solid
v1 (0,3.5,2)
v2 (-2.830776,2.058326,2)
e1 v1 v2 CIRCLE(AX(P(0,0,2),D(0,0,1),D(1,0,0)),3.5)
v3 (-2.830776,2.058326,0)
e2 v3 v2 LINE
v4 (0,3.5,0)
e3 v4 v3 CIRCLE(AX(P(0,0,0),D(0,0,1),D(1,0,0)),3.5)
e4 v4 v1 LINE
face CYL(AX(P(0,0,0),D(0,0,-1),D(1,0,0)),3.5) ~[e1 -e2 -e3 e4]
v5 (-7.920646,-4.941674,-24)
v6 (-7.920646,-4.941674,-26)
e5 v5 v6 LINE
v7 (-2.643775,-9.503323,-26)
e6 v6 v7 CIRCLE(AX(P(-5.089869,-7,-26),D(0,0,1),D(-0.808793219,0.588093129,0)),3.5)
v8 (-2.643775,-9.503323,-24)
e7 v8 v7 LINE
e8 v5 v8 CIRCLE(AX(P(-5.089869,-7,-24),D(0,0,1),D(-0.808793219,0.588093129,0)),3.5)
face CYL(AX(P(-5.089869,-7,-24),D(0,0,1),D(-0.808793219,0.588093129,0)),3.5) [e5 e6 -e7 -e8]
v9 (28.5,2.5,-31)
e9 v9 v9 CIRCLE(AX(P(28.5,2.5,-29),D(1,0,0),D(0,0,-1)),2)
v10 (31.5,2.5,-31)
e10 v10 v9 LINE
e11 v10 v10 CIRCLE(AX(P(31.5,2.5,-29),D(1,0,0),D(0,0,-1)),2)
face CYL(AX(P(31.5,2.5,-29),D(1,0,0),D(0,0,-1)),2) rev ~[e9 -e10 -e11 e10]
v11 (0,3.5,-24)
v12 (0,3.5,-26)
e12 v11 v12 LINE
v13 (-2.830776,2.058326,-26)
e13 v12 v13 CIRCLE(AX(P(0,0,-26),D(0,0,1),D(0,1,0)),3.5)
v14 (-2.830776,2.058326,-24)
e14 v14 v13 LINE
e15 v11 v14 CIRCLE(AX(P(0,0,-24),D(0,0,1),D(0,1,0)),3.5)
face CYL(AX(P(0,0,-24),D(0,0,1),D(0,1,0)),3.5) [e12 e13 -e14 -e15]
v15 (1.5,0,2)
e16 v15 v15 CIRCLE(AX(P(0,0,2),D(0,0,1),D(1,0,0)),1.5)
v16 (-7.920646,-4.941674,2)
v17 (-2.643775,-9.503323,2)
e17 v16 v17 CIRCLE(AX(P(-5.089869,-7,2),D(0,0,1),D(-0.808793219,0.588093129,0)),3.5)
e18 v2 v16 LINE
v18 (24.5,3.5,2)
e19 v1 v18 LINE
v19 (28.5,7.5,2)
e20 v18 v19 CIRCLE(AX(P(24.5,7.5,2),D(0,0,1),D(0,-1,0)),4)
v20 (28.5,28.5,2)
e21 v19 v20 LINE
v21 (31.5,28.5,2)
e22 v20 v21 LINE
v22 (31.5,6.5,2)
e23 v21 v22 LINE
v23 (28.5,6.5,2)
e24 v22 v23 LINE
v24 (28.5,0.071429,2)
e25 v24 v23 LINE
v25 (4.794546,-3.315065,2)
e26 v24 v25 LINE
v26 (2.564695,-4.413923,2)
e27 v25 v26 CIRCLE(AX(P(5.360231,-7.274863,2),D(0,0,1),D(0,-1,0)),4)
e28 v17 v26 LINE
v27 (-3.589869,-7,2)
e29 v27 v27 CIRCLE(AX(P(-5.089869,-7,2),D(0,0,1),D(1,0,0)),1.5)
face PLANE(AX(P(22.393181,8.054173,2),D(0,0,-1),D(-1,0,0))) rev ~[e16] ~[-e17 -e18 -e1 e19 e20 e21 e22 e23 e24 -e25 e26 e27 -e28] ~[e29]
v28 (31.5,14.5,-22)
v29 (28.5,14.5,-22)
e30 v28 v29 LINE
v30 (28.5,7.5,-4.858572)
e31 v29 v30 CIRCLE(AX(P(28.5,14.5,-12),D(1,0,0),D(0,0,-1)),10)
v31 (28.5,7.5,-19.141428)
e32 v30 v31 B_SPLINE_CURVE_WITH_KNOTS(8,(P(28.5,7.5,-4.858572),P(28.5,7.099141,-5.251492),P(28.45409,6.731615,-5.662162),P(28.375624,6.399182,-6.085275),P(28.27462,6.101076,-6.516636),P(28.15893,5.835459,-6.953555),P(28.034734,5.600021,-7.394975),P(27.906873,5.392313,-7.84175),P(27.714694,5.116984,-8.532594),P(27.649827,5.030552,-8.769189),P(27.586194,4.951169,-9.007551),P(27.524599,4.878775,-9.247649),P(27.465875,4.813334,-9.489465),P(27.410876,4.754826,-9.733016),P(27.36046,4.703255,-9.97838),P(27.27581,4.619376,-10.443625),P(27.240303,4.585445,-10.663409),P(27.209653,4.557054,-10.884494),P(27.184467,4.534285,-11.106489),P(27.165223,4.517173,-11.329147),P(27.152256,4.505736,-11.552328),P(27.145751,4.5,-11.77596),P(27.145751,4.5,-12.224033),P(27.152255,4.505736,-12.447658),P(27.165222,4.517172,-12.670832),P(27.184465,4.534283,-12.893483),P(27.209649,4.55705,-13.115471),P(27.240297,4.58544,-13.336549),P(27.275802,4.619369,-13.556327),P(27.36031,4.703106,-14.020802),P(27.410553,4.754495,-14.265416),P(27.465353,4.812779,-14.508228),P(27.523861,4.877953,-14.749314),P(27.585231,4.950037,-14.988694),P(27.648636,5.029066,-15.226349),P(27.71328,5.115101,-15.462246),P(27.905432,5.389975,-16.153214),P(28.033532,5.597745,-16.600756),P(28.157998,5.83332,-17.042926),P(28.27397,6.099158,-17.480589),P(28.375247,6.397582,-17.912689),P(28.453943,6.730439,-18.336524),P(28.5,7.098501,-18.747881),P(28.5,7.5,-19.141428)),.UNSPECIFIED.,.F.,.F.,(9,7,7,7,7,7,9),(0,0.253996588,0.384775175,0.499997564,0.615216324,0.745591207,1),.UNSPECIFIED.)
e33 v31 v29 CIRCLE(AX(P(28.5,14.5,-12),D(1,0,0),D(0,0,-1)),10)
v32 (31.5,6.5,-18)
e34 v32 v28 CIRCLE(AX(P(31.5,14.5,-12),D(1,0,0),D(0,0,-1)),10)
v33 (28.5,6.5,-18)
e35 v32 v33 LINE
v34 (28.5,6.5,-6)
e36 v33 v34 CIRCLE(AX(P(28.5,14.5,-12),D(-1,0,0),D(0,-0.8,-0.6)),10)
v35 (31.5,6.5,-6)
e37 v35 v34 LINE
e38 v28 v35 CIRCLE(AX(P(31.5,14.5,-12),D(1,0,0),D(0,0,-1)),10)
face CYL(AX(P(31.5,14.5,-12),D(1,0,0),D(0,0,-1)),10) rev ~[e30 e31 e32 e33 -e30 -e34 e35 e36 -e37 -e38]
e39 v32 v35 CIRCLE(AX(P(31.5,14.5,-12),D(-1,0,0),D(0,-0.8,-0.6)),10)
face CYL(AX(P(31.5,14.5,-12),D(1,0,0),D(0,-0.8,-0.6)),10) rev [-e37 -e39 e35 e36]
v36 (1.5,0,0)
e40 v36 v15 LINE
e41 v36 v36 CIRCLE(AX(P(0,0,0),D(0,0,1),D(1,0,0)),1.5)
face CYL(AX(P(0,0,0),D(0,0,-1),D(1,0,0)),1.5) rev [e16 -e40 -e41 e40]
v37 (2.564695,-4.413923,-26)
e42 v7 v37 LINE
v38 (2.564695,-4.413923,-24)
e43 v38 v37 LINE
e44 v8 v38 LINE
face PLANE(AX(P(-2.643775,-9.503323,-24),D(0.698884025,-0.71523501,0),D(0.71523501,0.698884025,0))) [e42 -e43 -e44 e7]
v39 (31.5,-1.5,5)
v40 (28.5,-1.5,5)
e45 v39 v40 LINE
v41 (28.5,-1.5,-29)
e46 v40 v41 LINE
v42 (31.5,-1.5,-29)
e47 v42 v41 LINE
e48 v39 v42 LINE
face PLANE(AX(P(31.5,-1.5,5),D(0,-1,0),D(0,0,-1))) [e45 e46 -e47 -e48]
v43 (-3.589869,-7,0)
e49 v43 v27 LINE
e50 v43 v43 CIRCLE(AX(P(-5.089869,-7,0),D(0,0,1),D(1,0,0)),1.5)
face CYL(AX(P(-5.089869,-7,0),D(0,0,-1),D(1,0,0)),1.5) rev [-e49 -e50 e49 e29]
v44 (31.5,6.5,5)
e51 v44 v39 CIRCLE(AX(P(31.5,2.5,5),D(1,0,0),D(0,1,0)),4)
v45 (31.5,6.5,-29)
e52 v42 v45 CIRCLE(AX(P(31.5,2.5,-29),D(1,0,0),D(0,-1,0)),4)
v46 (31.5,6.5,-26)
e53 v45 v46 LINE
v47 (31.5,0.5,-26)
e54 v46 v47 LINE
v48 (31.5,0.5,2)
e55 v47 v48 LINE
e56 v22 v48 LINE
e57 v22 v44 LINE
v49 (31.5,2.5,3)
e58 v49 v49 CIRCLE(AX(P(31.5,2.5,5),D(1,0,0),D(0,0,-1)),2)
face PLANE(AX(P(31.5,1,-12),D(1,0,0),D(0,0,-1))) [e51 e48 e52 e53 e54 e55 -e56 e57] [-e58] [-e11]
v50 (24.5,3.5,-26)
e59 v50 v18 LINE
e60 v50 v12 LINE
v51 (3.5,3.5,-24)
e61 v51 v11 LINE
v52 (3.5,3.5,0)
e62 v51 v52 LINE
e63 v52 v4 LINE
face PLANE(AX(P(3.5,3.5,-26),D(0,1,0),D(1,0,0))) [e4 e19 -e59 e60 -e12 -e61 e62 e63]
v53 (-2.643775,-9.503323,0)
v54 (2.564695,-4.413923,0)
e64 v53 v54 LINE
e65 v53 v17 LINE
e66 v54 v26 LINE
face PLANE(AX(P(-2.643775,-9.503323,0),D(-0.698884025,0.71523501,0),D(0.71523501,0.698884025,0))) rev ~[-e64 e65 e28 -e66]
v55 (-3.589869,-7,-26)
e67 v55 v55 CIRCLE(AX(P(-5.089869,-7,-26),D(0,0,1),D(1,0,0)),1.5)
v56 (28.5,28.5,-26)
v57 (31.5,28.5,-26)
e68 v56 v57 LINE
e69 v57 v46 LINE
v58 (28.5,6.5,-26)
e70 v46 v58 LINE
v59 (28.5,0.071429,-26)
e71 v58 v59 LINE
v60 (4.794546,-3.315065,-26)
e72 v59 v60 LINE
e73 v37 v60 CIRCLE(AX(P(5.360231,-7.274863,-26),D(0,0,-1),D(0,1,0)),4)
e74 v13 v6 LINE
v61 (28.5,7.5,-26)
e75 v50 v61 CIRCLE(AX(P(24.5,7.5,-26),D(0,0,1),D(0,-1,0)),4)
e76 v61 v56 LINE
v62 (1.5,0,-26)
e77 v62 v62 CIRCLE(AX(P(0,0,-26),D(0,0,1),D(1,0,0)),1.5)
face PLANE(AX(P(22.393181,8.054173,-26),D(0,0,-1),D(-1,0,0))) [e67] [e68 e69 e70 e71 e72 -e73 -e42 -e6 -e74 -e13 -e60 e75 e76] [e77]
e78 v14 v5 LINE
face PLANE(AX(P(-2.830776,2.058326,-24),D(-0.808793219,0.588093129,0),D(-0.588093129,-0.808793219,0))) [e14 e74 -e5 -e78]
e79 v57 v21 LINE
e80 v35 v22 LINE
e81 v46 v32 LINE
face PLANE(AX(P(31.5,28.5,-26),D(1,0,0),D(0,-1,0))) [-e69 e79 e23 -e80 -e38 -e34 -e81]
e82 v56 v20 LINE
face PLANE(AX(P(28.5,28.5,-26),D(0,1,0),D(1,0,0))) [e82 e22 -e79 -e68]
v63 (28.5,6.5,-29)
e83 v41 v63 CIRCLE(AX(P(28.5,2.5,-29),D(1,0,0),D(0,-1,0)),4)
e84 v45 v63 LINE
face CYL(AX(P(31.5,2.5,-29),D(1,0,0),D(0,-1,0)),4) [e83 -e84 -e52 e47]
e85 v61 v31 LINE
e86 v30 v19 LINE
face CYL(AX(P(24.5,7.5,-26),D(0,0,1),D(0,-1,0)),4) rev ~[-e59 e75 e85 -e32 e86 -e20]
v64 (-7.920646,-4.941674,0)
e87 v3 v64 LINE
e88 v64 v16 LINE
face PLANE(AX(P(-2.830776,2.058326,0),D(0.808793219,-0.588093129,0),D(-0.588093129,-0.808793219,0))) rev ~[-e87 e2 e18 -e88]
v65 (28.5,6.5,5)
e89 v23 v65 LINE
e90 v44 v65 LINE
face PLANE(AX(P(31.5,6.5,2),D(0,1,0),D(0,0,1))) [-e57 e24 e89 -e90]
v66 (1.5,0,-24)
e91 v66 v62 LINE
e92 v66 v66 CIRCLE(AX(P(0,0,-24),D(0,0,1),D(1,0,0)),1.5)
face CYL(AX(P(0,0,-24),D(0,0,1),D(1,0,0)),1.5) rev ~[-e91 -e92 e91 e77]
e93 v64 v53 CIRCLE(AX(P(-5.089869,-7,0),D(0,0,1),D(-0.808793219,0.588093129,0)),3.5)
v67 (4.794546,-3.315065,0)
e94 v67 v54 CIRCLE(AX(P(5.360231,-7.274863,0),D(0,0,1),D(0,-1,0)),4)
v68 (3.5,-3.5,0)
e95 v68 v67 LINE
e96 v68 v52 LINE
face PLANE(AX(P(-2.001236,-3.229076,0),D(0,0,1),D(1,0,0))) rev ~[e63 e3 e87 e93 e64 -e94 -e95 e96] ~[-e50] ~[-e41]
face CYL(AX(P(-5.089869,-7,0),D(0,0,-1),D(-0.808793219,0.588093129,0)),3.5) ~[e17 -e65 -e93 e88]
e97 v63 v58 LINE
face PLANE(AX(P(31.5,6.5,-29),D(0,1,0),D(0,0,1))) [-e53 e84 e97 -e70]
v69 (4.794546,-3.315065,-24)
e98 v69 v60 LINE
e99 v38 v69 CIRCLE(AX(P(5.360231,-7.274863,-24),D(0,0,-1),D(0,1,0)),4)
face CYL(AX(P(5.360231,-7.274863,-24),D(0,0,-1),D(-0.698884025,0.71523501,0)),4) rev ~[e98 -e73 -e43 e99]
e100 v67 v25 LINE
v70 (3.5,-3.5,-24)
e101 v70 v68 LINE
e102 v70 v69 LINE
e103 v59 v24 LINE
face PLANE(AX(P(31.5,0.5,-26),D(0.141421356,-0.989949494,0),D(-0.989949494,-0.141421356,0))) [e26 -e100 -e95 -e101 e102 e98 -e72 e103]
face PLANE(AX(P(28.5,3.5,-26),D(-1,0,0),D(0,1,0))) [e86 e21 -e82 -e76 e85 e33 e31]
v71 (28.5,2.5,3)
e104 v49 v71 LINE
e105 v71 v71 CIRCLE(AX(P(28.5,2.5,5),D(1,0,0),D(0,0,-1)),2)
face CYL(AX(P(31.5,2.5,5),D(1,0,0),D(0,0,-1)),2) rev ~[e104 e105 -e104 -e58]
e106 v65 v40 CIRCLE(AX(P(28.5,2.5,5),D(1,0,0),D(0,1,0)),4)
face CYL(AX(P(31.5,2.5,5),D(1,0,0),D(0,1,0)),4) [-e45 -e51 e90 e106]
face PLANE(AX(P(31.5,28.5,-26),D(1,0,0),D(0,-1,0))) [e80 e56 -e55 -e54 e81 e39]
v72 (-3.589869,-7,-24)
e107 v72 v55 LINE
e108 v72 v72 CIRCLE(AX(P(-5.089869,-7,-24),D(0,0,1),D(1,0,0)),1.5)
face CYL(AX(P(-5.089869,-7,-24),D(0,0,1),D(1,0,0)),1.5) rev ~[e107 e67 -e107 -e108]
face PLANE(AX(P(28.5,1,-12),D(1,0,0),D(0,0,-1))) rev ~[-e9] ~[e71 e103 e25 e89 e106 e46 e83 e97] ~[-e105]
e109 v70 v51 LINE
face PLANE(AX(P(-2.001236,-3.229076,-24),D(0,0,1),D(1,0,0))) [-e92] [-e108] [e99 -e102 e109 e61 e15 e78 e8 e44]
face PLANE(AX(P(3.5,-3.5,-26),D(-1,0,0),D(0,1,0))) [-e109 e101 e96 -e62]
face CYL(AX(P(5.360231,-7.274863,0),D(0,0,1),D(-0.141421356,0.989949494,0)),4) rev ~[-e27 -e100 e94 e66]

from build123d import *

# Parameters (mm, degrees)
SKETCH2_R           = 3.5
SKETCH2_R_2         = 1.5
BOSS_EXTRUDE1_DEPTH = 2
BOSS_EXTRUDE2_START = -2
BOSS_EXTRUDE2_DEPTH = 2
BOSS_EXTRUDE3_START = -2
SKETCH4_R           = 1.5
BOSS_EXTRUDE3_DEPTH = 2
BOSS_EXTRUDE4_START = -26
SKETCH4_2_R         = 1.5
BOSS_EXTRUDE4_DEPTH = 2
BOSS_EXTRUDE5_START = -28
BOSS_EXTRUDE5_DEPTH = 28
FILLET1_R           = 4
CUT_EXTRUDE1_REACH  = 57.637
SKETCH6_R           = 10
SKETCH7_R           = 2
BOSS_EXTRUDE6_DEPTH = 3


with BuildPart() as part:
    # Sketch2 → Boss-Extrude1 (new body)
    with BuildSketch(Plane.XY):
        Circle(SKETCH2_R)
        Circle(SKETCH2_R_2, mode=Mode.SUBTRACT)
    extrude(amount=BOSS_EXTRUDE1_DEPTH)

    # Sketch3 → Boss-Extrude2 (add)
    with BuildSketch(Plane.XY.offset(2).offset(BOSS_EXTRUDE2_START)):
        with BuildLine():
            Line((3.5, 3.5), (0, 3.5))
            ThreePointArc((0, 3.5), (2.474873734, 2.474873734), (3.5, 0))
            Line((3.5, 0), (3.5, 3.5))
        make_face()
        with BuildLine():
            Line((3.5, -3.5), (3.5, 0))
            ThreePointArc((3.5, 0), (2.474873734, -2.474873734), (0, -3.5))
            Line((0, -3.5), (3.5, -3.5))
        make_face()
    extrude(amount=BOSS_EXTRUDE2_DEPTH)

    # Sketch4 → Boss-Extrude3 (add)
    with BuildSketch(Plane.XY.offset(2).offset(BOSS_EXTRUDE3_START)):
        with BuildLine():
            Line((-2.830776268, 2.058325952), (-7.920645724, -4.941674048))
            ThreePointArc((-7.920645724, -4.941674048), (-7.37878936, -9.647800157), (-2.64377537, -9.503322537))
            Line((-2.64377537, -9.503322537), (3.5, -3.5))
            Line((3.5, -3.5), (3.5, 3.5))
            Line((3.5, 3.5), (0, 3.5))
            ThreePointArc((0, 3.5), (-1.588373251, 3.118825166), (-2.830776268, 2.058325952))
        make_face()
        with Locations((-5.089869456, -7)):
            Circle(SKETCH4_R, mode=Mode.SUBTRACT)
        Circle(SKETCH4_R, mode=Mode.SUBTRACT)
    extrude(amount=BOSS_EXTRUDE3_DEPTH)



with BuildPart() as body_2:
    # Sketch4<2> → Boss-Extrude4 (new body)
    with BuildSketch(Plane.XY.offset(2).offset(BOSS_EXTRUDE4_START)):
        with BuildLine():
            Line((-2.830776268, 2.058325952), (-7.920645724, -4.941674048))
            ThreePointArc((-7.920645724, -4.941674048), (-7.37878936, -9.647800157), (-2.64377537, -9.503322537))
            Line((-2.64377537, -9.503322537), (3.5, -3.5))
            Line((3.5, -3.5), (3.5, 3.5))
            Line((3.5, 3.5), (0, 3.5))
            ThreePointArc((0, 3.5), (-1.588373251, 3.118825166), (-2.830776268, 2.058325952))
        make_face()
        with Locations((-5.089869456, -7)):
            Circle(SKETCH4_2_R, mode=Mode.SUBTRACT)
        Circle(SKETCH4_2_R, mode=Mode.SUBTRACT)
    extrude(amount=-BOSS_EXTRUDE4_DEPTH)


with BuildPart() as part_1:
    add(part.part)

    add(body_2.part)  # Boss-Extrude5 merges body 2
    # Sketch5 → Boss-Extrude5 (add)
    with BuildSketch(Plane.XY.offset(2).offset(BOSS_EXTRUDE5_START)):
        Polygon((3.5, 3.5), (28.5, 3.5), (28.5, 28.5), (31.5, 28.5), (31.5, 0.5), (3.5, -3.5), align=None)
    extrude(amount=BOSS_EXTRUDE5_DEPTH)

    # Fillet1
    fillet1_edges = [part_1.edges().sort_by_distance(p)[0] for p in [
        (3.5, -3.5, 1),
        (3.5, -3.5, -25),
        (28.5, 3.5, -12),
    ]]
    fillet(fillet1_edges, radius=FILLET1_R)

    # Sketch6 → Cut-Extrude1 (cut, up to next)
    with BuildSketch(Plane(origin=(31.5, 0, 0), x_dir=(0, 0, -1), z_dir=(1, 0, 0)), mode=Mode.PRIVATE) as cut_extrude1_sk1:
        with Locations((12, 14.5)):
            Circle(SKETCH6_R)
    cut_extrude1_tool1 = extrude(cut_extrude1_sk1.sketch, amount=-CUT_EXTRUDE1_REACH, mode=Mode.PRIVATE) & part_1.part
    add(cut_extrude1_tool1.solids().sort_by_distance((31.5, 14.5, -12))[0], mode=Mode.SUBTRACT)

    # Sketch7 → Boss-Extrude6 (add)
    # profile 1 of 2: a face of its own
    with BuildSketch(Plane(origin=(31.5, 0, 0), x_dir=(0, 0, -1), z_dir=(1, 0, 0))):
        with BuildLine():
            Line((6, 6.5), (-2, 6.5))
            Line((-2, 6.5), (-2, 0.5))
            Line((-2, 0.5), (26, 0.5))
            Line((26, 0.5), (26, 6.5))
            Line((26, 6.5), (18, 6.5))
            ThreePointArc((18, 6.5), (12, 4.5), (6, 6.5))
        make_face()
    # profile 2 of 2: a face of its own
    with BuildSketch(Plane(origin=(31.5, 0, 0), x_dir=(0, 0, -1), z_dir=(1, 0, 0))):
        with BuildLine():
            Line((-2, 6.5), (-5, 6.5))
            ThreePointArc((-5, 6.5), (-9, 2.5), (-5, -1.5))
            Line((-5, -1.5), (29, -1.5))
            ThreePointArc((29, -1.5), (33, 2.5), (29, 6.5))
            Line((29, 6.5), (26, 6.5))
            Line((26, 6.5), (26, 0.5))
            Line((26, 0.5), (-2, 0.5))
            Line((-2, 0.5), (-2, 6.5))
        make_face()
        with Locations((-5, 2.5)):
            Circle(SKETCH7_R, mode=Mode.SUBTRACT)
        with Locations((29, 2.5)):
            Circle(SKETCH7_R, mode=Mode.SUBTRACT)
    extrude(amount=-BOSS_EXTRUDE6_DEPTH)


solid = part_1.part
